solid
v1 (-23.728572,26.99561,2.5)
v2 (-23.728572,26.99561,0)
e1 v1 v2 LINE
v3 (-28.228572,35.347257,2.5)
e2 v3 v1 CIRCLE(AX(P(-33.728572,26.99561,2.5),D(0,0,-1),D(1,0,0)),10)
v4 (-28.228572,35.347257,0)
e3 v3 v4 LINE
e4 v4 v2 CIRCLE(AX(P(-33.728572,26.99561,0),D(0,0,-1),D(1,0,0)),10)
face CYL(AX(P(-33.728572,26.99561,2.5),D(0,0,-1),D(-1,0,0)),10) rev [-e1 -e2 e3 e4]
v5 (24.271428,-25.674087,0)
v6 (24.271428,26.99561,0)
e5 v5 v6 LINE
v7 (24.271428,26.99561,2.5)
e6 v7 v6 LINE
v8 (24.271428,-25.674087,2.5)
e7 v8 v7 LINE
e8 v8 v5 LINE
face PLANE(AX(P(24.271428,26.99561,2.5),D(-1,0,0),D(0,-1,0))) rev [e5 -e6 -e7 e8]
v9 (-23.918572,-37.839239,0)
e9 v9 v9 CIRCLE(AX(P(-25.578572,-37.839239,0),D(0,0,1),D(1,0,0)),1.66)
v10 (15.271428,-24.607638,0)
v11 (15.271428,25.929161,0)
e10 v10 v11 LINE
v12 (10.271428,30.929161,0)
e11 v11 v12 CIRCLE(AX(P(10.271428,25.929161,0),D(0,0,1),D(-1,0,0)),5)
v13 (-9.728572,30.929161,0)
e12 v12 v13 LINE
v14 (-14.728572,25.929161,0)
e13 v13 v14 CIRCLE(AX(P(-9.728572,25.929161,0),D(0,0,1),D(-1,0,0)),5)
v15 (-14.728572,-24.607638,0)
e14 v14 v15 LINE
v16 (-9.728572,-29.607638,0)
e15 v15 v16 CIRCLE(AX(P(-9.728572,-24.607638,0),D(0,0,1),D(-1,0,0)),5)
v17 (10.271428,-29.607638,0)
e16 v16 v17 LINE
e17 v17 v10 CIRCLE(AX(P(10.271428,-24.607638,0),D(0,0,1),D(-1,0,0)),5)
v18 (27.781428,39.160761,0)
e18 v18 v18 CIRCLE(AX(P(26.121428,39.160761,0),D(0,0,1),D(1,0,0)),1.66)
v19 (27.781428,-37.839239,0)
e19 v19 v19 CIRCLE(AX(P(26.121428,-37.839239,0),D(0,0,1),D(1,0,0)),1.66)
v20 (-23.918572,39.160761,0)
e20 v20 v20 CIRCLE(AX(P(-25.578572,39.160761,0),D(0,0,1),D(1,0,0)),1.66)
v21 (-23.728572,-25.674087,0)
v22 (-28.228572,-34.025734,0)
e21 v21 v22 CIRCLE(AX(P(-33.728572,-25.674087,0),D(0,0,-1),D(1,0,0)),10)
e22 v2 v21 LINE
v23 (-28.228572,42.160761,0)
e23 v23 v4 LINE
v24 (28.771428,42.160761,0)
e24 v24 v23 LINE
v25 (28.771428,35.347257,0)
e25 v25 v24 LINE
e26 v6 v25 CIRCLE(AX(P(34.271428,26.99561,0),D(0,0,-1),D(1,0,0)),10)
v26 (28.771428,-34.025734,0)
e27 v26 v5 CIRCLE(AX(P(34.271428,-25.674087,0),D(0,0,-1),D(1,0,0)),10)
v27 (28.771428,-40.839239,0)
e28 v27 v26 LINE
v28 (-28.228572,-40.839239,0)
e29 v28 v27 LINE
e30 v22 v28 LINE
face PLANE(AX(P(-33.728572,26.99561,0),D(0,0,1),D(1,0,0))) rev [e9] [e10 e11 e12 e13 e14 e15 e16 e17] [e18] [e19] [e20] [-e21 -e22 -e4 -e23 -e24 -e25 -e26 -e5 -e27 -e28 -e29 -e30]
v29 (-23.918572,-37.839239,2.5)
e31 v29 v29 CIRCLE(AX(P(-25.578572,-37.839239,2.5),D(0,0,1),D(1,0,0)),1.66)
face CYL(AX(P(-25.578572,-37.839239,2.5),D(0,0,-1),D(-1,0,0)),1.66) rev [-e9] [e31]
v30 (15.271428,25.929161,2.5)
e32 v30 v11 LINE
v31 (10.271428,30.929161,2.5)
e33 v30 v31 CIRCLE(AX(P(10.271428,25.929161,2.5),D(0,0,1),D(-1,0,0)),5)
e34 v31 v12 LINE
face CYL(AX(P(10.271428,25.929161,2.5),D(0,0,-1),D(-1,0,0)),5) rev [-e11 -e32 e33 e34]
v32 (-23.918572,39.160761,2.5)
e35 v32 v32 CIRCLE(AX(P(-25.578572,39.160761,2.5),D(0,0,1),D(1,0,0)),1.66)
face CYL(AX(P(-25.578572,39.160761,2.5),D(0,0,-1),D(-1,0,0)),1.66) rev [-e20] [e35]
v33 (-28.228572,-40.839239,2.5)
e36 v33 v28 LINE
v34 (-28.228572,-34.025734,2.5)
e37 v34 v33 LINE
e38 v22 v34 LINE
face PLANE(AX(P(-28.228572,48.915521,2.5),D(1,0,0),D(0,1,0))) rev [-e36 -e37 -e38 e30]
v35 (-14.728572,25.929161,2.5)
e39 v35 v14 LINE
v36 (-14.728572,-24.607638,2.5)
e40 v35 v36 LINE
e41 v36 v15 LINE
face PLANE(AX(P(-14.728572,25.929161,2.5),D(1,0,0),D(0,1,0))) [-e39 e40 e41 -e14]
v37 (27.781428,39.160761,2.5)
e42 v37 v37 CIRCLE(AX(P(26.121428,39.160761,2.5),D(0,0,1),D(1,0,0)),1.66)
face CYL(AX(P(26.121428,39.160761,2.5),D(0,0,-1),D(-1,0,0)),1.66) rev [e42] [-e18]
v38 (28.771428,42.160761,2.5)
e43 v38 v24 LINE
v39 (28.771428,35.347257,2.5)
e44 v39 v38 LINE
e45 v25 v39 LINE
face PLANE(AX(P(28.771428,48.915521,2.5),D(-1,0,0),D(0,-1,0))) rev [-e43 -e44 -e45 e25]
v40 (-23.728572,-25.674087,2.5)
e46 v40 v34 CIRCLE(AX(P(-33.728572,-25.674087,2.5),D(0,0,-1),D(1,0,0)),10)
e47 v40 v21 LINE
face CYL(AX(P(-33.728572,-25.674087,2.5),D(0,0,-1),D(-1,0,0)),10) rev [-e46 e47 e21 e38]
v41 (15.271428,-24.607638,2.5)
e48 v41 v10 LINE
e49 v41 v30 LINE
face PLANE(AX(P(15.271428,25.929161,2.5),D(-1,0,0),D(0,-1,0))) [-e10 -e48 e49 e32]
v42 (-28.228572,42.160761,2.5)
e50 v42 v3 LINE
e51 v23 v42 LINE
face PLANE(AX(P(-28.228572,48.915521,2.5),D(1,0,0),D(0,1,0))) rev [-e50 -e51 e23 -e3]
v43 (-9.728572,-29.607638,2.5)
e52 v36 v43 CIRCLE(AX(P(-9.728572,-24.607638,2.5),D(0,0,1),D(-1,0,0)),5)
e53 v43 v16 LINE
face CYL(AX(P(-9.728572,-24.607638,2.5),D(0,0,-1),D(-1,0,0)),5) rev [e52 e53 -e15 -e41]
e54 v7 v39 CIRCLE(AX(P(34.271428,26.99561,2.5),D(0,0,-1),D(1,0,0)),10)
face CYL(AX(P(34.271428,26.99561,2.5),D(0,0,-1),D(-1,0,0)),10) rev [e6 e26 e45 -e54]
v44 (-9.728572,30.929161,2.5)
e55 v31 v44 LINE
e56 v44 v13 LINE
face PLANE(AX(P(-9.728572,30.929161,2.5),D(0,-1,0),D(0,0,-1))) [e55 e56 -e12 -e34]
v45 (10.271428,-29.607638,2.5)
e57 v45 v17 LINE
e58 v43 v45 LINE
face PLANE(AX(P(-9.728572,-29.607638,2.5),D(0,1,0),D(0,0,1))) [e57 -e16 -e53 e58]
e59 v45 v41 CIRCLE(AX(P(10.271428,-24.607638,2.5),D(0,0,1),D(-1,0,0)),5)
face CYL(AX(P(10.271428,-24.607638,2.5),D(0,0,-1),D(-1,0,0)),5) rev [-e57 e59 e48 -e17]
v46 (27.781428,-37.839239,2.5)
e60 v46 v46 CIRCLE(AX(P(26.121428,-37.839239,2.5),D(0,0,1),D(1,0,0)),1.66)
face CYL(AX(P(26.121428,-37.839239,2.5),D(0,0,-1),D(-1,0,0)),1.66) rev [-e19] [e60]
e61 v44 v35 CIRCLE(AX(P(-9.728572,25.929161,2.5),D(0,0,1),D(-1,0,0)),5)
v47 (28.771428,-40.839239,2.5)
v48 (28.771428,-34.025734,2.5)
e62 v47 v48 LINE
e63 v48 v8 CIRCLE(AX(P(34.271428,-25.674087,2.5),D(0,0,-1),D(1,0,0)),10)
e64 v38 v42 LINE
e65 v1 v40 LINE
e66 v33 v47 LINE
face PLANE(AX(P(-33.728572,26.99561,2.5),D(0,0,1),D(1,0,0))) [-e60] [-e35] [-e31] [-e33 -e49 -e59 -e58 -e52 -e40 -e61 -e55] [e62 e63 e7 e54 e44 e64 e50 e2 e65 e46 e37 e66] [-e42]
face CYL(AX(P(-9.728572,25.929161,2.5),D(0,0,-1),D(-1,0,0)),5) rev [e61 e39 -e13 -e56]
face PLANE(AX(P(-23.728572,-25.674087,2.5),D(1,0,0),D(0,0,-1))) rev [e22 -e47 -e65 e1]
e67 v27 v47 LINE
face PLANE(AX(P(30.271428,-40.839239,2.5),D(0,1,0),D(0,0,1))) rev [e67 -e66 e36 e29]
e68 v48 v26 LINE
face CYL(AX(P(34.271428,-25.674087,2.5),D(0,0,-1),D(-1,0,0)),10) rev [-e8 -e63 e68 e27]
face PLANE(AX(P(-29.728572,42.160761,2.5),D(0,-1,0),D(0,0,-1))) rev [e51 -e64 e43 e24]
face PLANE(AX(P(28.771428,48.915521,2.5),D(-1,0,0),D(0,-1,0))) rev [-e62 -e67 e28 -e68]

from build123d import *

# Parameters (mm, degrees)
ESQUISSE1_R             = 1.66
BOSS_EXTRU_1_DEPTH      = 2.5
ESQUISSE2_W             = 13.135596865
ESQUISSE2_H             = 97.305440857
ENL_V_MAT_EXTRU_1_DEPTH = 3.5


with BuildPart() as part:
    # Esquisse1 → Boss.-Extru.1 (new body)
    with BuildSketch(Plane.XY):
        with BuildLine():
            Line((-29.728572008, 42.160761401), (-21.428572008, 42.160761401))
            Line((-21.428572008, 42.160761401), (21.971427992, 42.160761401))
            Line((21.971427992, 42.160761401), (30.271427992, 42.160761401))
            Line((30.271427992, 42.160761401), (30.271427992, 36.160761401))
            ThreePointArc((30.271427992, 36.160761401), (25.904827727, 32.472835586), (24.271427992, 26.995610011))
            Line((24.271427992, 26.995610011), (24.271427992, -25.67408721))
            ThreePointArc((24.271427992, -25.67408721), (25.904827727, -31.151312785), (30.271427992, -34.839238599))
            Line((30.271427992, -34.839238599), (30.271427992, -40.839238599))
            Line((30.271427992, -40.839238599), (21.971427992, -40.839238599))
            Line((21.971427992, -40.839238599), (-21.428572008, -40.839238599))
            Line((-21.428572008, -40.839238599), (-29.728572008, -40.839238599))
            Line((-29.728572008, -40.839238599), (-29.728572008, -34.839238599))
            ThreePointArc((-29.728572008, -34.839238599), (-25.361971742, -31.151312785), (-23.728572008, -25.67408721))
            Line((-23.728572008, -25.67408721), (-23.728572008, 26.995610011))
            ThreePointArc((-23.728572008, 26.995610011), (-25.361971742, 32.472835586), (-29.728572008, 36.160761401))
            Line((-29.728572008, 36.160761401), (-29.728572008, 42.160761401))
        make_face()
        with Locations((-25.578572008, 39.160761401)):
            Circle(ESQUISSE1_R, mode=Mode.SUBTRACT)
        with Locations((26.121427992, 39.160761401)):
            Circle(ESQUISSE1_R, mode=Mode.SUBTRACT)
        with Locations((-25.578572008, -37.839238599)):
            Circle(ESQUISSE1_R, mode=Mode.SUBTRACT)
        with Locations((26.121427992, -37.839238599)):
            Circle(ESQUISSE1_R, mode=Mode.SUBTRACT)
        with BuildLine():
            Line((-9.728572008, 30.929161254), (10.271427992, 30.929161254))
            ThreePointArc((10.271427992, 30.929161254), (13.806961898, 29.46469516), (15.271427992, 25.929161254))
            Line((15.271427992, 25.929161254), (15.271427992, -24.607638453))
            ThreePointArc((15.271427992, -24.607638453), (13.806961898, -28.143172359), (10.271427992, -29.607638453))
            Line((10.271427992, -29.607638453), (-9.728572008, -29.607638453))
            ThreePointArc((-9.728572008, -29.607638453), (-13.264105914, -28.143172359), (-14.728572008, -24.607638453))
            Line((-14.728572008, -24.607638453), (-14.728572008, 25.929161254))
            ThreePointArc((-14.728572008, 25.929161254), (-13.264105914, 29.46469516), (-9.728572008, 30.929161254))
        make_face(mode=Mode.SUBTRACT)
    extrude(amount=BOSS_EXTRU_1_DEPTH)

    # Esquisse2 → Enlèv. mat.-Extru.1 (cut, through all)
    with BuildSketch(Plane(origin=(0, 0, 0), x_dir=(-1, 0, 0), z_dir=(0, 0, -1))):
        with Locations((-35.339226425, 0.262800476)):
            Rectangle(ESQUISSE2_W, ESQUISSE2_H)
        with Locations((34.79637044, 0.262800476)):
            Rectangle(ESQUISSE2_W, ESQUISSE2_H)
    extrude(amount=-ENL_V_MAT_EXTRU_1_DEPTH, mode=Mode.SUBTRACT)


solid = part.part
